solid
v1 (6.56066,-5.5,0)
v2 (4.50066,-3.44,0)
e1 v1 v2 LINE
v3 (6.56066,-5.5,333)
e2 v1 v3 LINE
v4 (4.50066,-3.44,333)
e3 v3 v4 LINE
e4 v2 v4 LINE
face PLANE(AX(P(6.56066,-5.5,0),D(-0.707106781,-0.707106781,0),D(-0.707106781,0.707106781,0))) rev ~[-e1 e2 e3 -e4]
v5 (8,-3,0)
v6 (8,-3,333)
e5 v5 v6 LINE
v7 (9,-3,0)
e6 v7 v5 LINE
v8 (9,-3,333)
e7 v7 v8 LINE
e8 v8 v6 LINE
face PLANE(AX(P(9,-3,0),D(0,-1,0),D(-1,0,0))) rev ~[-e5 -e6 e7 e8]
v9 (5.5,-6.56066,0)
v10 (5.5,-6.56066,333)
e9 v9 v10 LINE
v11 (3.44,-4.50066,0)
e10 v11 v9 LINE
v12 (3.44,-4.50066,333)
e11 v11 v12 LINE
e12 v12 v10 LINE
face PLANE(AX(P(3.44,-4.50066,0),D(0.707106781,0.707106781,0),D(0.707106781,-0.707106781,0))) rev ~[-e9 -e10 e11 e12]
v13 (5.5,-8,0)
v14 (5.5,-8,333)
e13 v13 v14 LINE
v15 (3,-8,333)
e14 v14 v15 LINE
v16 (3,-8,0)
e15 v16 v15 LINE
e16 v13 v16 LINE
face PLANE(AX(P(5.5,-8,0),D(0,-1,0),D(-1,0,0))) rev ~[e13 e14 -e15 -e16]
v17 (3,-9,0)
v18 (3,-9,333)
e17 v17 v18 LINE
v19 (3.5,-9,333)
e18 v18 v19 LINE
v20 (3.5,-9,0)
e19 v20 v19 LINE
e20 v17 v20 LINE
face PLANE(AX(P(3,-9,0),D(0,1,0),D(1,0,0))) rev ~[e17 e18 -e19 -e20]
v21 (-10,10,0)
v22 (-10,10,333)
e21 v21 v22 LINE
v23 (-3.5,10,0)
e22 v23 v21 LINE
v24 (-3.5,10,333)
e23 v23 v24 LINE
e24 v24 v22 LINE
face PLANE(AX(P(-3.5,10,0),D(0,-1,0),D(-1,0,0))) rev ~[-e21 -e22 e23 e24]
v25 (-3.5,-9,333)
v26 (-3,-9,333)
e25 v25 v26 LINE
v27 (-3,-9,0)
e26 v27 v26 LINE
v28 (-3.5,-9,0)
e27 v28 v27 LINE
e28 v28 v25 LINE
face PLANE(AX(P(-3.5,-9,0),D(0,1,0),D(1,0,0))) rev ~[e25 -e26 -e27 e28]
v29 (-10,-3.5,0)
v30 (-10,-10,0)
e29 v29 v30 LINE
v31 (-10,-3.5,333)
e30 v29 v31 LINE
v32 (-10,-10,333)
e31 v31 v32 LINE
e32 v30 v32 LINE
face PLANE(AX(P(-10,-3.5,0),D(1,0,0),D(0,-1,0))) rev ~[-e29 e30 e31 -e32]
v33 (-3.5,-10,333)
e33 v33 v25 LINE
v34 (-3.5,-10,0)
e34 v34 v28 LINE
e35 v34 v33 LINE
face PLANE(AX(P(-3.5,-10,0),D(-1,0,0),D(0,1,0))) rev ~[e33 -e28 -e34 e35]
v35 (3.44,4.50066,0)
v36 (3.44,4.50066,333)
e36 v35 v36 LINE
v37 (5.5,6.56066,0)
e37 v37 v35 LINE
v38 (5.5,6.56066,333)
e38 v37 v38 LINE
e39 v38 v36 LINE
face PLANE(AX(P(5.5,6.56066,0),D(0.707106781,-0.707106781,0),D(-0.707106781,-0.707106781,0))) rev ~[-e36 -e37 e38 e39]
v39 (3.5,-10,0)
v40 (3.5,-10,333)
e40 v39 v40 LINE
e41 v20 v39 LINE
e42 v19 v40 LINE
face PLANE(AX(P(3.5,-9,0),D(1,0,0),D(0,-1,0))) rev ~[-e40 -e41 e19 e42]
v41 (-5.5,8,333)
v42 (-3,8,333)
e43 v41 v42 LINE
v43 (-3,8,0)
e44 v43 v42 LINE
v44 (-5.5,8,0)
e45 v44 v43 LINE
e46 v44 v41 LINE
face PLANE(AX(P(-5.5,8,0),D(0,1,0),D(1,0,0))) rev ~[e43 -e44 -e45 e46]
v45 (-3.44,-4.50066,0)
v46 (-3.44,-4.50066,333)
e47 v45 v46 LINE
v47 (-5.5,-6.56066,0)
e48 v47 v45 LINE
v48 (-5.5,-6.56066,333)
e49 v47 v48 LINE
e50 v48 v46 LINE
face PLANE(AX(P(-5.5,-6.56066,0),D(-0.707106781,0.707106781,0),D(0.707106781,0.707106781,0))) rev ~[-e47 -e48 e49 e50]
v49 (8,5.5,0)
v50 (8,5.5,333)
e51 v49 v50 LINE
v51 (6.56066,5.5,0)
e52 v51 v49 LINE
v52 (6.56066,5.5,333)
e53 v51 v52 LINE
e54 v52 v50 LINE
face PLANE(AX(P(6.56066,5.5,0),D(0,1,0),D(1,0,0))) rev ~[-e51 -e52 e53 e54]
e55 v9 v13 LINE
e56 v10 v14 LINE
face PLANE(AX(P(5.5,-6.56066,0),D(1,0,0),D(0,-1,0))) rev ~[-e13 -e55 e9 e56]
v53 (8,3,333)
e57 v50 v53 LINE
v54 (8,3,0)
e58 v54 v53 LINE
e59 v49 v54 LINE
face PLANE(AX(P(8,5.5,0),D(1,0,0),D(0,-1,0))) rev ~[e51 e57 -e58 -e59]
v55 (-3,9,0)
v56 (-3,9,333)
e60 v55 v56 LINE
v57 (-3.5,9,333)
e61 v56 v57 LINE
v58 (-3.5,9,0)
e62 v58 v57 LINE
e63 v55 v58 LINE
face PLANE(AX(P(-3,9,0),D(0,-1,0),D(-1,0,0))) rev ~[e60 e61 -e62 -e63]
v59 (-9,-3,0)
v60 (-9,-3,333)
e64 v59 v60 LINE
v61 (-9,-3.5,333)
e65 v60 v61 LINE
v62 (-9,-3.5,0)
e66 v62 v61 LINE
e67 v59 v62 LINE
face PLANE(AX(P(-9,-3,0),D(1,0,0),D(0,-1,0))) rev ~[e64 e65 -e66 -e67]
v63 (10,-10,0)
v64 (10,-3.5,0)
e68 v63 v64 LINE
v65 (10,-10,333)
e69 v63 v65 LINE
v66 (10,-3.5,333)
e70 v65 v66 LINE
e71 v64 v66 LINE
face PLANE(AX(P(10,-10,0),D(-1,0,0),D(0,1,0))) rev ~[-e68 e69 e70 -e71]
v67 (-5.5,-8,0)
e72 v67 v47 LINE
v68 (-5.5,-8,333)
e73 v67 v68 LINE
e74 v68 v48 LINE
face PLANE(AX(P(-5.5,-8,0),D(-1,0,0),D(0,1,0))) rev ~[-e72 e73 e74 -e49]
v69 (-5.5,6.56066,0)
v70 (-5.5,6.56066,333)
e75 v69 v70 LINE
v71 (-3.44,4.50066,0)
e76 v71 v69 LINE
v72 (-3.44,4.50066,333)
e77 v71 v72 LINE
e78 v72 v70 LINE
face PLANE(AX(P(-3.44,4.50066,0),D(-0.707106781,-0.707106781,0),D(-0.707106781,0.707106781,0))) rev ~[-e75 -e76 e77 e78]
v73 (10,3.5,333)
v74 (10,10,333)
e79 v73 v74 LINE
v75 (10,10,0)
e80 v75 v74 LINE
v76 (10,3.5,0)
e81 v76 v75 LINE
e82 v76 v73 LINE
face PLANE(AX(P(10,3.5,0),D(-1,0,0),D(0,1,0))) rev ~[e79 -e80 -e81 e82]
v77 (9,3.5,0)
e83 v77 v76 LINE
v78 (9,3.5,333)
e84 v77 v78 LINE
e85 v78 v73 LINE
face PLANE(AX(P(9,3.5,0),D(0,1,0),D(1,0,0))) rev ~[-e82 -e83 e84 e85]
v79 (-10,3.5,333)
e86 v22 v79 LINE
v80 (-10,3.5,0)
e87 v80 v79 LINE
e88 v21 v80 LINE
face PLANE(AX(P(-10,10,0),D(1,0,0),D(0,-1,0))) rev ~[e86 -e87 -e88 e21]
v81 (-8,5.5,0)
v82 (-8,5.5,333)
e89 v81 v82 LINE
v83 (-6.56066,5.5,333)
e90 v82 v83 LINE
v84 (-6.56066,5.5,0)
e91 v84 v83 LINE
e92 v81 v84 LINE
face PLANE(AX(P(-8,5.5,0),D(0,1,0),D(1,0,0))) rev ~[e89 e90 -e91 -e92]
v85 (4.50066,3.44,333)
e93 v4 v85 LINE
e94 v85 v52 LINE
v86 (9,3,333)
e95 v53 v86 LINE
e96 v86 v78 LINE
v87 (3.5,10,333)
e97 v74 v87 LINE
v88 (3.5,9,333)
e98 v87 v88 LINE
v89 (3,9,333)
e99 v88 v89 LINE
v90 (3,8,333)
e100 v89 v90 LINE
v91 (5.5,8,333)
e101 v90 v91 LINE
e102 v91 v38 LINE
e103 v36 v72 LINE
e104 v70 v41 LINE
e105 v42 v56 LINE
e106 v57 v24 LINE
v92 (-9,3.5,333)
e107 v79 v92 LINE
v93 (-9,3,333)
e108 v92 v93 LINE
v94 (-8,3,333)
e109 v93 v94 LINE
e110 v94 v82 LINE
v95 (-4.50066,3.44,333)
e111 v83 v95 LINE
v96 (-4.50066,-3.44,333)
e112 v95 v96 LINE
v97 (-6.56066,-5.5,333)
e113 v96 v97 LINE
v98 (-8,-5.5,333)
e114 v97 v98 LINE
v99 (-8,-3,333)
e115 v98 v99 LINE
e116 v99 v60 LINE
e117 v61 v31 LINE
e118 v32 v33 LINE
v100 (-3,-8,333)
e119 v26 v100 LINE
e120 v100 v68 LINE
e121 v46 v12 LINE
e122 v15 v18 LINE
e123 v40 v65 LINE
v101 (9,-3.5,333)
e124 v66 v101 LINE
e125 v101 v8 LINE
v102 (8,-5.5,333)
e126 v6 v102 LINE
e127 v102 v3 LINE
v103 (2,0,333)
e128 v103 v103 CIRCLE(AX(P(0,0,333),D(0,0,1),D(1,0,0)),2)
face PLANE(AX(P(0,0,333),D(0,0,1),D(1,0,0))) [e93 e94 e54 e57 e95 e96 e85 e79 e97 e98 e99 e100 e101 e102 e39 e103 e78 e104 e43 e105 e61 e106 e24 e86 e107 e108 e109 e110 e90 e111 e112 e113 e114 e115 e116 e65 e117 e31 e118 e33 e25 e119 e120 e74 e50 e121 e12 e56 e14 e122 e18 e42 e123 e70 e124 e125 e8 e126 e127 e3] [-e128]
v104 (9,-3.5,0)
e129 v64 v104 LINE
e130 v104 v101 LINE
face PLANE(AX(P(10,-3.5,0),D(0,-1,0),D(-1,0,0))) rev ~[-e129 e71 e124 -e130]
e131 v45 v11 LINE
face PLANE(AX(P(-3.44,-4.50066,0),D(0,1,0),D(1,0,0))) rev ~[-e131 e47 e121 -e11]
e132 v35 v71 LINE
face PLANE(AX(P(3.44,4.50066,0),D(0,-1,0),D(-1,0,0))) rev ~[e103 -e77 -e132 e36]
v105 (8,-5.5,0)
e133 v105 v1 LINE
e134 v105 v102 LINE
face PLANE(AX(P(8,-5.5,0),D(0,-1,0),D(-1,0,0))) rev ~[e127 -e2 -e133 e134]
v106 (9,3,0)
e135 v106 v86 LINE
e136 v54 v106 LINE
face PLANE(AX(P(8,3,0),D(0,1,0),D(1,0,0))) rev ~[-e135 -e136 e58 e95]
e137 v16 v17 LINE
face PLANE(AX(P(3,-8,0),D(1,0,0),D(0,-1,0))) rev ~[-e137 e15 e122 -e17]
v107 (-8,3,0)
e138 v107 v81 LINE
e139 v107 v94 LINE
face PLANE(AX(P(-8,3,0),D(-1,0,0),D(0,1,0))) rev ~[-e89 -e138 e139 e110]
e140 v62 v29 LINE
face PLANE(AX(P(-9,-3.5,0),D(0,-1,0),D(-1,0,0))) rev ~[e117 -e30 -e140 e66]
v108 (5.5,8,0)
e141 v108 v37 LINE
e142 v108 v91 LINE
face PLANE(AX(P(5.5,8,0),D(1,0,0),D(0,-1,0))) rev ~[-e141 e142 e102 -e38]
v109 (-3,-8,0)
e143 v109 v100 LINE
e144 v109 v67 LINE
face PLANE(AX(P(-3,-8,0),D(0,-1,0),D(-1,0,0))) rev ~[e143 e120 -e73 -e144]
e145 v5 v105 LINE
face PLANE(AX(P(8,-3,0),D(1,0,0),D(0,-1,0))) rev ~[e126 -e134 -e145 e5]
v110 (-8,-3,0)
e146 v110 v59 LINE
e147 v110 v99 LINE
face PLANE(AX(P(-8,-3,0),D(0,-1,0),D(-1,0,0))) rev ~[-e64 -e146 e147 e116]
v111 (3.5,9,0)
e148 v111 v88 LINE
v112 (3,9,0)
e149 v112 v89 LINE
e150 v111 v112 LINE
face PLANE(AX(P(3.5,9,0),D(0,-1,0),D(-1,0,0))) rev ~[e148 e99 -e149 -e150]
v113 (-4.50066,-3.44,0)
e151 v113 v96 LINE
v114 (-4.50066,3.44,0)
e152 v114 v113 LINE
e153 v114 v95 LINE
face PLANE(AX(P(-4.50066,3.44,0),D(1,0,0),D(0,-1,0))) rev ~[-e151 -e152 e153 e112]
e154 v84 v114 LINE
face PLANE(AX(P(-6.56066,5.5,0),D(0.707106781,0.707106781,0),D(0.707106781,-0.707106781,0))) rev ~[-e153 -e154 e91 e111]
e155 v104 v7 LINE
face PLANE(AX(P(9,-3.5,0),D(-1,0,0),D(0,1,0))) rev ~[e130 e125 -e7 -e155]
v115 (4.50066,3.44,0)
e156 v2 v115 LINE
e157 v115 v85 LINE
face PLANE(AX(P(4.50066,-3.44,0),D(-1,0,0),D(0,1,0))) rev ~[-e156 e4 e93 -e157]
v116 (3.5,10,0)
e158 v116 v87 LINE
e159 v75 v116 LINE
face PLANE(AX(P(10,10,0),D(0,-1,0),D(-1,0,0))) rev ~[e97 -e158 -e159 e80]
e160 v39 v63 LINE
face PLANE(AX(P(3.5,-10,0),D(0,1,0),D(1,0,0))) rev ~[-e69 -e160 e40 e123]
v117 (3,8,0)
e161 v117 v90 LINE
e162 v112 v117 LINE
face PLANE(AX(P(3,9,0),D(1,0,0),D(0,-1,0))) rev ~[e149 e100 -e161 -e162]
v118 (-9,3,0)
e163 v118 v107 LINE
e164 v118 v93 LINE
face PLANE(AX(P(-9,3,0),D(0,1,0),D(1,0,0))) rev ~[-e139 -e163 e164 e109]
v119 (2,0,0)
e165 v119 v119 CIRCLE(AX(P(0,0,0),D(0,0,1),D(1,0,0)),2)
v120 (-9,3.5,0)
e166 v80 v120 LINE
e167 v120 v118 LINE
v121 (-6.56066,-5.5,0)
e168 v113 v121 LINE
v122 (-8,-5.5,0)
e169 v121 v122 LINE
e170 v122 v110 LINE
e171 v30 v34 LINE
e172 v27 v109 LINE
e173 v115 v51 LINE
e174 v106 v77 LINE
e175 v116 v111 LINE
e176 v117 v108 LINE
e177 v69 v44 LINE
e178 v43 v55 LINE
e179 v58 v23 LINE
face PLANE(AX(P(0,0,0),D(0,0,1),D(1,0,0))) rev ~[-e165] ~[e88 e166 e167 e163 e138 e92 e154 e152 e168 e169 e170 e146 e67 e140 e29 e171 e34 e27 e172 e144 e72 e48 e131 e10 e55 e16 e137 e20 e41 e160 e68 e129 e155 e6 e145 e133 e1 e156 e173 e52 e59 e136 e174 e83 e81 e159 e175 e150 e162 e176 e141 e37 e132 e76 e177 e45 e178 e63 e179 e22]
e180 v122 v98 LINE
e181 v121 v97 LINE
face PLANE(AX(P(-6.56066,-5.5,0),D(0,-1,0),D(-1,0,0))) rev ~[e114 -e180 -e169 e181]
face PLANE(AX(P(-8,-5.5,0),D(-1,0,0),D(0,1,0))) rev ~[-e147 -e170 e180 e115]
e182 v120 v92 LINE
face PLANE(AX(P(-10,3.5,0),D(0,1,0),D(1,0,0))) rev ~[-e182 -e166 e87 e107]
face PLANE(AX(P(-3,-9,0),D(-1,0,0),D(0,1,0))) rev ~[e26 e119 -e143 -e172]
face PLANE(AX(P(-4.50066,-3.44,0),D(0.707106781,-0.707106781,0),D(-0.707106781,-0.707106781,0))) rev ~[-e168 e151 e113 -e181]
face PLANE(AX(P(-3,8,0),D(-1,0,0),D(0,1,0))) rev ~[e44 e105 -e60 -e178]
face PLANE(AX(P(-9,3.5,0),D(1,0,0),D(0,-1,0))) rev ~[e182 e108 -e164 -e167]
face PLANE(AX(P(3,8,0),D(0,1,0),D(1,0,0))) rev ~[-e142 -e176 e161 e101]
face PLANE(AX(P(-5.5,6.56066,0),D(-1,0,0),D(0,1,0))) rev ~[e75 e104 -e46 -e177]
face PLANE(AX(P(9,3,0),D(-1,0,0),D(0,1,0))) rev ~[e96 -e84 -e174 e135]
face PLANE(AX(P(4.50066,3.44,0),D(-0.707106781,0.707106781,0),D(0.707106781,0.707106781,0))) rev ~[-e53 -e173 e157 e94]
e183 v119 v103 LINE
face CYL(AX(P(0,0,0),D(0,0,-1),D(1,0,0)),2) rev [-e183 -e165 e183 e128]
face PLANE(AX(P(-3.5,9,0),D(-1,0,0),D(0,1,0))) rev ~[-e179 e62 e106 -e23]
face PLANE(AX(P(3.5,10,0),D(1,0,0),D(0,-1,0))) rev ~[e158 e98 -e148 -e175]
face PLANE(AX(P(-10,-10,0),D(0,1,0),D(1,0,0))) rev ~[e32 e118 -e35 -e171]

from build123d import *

# Parameters (mm, degrees)
SKETCH1_R           = 2
BOSS_EXTRUDE1_DEPTH = 333


with BuildPart() as part:
    # Sketch1 → Boss-Extrude1 (new body)
    with BuildSketch(Plane.XY):
        Polygon((-10, -10), (-3.5, -10), (-3.5, -9), (-3, -9), (-3, -8), (-5.5, -8), (-5.5, -6.560660172), (-3.44, -4.500660172), (3.44, -4.500660172), (5.5, -6.560660172), (5.5, -8), (3, -8), (3, -9), (3.5, -9), (3.5, -10), (10, -10), (10, -3.5), (9, -3.5), (9, -3), (8, -3), (8, -5.5), (6.560660172, -5.5), (4.500660172, -3.44), (4.500660172, 3.44), (6.560660172, 5.5), (8, 5.5), (8, 3), (9, 3), (9, 3.5), (10, 3.5), (10, 10), (3.5, 10), (3.5, 9), (3, 9), (3, 8), (5.5, 8), (5.5, 6.560660172), (3.44, 4.500660172), (-3.44, 4.500660172), (-5.5, 6.560660172), (-5.5, 8), (-3, 8), (-3, 9), (-3.5, 9), (-3.5, 10), (-10, 10), (-10, 3.5), (-9, 3.5), (-9, 3), (-8, 3), (-8, 5.5), (-6.560660172, 5.5), (-4.500660172, 3.44), (-4.500660172, -3.44), (-6.560660172, -5.5), (-8, -5.5), (-8, -3), (-9, -3), (-9, -3.5), (-10, -3.5), align=None)
        Circle(SKETCH1_R, mode=Mode.SUBTRACT)
    extrude(amount=BOSS_EXTRUDE1_DEPTH)


solid = part.part
